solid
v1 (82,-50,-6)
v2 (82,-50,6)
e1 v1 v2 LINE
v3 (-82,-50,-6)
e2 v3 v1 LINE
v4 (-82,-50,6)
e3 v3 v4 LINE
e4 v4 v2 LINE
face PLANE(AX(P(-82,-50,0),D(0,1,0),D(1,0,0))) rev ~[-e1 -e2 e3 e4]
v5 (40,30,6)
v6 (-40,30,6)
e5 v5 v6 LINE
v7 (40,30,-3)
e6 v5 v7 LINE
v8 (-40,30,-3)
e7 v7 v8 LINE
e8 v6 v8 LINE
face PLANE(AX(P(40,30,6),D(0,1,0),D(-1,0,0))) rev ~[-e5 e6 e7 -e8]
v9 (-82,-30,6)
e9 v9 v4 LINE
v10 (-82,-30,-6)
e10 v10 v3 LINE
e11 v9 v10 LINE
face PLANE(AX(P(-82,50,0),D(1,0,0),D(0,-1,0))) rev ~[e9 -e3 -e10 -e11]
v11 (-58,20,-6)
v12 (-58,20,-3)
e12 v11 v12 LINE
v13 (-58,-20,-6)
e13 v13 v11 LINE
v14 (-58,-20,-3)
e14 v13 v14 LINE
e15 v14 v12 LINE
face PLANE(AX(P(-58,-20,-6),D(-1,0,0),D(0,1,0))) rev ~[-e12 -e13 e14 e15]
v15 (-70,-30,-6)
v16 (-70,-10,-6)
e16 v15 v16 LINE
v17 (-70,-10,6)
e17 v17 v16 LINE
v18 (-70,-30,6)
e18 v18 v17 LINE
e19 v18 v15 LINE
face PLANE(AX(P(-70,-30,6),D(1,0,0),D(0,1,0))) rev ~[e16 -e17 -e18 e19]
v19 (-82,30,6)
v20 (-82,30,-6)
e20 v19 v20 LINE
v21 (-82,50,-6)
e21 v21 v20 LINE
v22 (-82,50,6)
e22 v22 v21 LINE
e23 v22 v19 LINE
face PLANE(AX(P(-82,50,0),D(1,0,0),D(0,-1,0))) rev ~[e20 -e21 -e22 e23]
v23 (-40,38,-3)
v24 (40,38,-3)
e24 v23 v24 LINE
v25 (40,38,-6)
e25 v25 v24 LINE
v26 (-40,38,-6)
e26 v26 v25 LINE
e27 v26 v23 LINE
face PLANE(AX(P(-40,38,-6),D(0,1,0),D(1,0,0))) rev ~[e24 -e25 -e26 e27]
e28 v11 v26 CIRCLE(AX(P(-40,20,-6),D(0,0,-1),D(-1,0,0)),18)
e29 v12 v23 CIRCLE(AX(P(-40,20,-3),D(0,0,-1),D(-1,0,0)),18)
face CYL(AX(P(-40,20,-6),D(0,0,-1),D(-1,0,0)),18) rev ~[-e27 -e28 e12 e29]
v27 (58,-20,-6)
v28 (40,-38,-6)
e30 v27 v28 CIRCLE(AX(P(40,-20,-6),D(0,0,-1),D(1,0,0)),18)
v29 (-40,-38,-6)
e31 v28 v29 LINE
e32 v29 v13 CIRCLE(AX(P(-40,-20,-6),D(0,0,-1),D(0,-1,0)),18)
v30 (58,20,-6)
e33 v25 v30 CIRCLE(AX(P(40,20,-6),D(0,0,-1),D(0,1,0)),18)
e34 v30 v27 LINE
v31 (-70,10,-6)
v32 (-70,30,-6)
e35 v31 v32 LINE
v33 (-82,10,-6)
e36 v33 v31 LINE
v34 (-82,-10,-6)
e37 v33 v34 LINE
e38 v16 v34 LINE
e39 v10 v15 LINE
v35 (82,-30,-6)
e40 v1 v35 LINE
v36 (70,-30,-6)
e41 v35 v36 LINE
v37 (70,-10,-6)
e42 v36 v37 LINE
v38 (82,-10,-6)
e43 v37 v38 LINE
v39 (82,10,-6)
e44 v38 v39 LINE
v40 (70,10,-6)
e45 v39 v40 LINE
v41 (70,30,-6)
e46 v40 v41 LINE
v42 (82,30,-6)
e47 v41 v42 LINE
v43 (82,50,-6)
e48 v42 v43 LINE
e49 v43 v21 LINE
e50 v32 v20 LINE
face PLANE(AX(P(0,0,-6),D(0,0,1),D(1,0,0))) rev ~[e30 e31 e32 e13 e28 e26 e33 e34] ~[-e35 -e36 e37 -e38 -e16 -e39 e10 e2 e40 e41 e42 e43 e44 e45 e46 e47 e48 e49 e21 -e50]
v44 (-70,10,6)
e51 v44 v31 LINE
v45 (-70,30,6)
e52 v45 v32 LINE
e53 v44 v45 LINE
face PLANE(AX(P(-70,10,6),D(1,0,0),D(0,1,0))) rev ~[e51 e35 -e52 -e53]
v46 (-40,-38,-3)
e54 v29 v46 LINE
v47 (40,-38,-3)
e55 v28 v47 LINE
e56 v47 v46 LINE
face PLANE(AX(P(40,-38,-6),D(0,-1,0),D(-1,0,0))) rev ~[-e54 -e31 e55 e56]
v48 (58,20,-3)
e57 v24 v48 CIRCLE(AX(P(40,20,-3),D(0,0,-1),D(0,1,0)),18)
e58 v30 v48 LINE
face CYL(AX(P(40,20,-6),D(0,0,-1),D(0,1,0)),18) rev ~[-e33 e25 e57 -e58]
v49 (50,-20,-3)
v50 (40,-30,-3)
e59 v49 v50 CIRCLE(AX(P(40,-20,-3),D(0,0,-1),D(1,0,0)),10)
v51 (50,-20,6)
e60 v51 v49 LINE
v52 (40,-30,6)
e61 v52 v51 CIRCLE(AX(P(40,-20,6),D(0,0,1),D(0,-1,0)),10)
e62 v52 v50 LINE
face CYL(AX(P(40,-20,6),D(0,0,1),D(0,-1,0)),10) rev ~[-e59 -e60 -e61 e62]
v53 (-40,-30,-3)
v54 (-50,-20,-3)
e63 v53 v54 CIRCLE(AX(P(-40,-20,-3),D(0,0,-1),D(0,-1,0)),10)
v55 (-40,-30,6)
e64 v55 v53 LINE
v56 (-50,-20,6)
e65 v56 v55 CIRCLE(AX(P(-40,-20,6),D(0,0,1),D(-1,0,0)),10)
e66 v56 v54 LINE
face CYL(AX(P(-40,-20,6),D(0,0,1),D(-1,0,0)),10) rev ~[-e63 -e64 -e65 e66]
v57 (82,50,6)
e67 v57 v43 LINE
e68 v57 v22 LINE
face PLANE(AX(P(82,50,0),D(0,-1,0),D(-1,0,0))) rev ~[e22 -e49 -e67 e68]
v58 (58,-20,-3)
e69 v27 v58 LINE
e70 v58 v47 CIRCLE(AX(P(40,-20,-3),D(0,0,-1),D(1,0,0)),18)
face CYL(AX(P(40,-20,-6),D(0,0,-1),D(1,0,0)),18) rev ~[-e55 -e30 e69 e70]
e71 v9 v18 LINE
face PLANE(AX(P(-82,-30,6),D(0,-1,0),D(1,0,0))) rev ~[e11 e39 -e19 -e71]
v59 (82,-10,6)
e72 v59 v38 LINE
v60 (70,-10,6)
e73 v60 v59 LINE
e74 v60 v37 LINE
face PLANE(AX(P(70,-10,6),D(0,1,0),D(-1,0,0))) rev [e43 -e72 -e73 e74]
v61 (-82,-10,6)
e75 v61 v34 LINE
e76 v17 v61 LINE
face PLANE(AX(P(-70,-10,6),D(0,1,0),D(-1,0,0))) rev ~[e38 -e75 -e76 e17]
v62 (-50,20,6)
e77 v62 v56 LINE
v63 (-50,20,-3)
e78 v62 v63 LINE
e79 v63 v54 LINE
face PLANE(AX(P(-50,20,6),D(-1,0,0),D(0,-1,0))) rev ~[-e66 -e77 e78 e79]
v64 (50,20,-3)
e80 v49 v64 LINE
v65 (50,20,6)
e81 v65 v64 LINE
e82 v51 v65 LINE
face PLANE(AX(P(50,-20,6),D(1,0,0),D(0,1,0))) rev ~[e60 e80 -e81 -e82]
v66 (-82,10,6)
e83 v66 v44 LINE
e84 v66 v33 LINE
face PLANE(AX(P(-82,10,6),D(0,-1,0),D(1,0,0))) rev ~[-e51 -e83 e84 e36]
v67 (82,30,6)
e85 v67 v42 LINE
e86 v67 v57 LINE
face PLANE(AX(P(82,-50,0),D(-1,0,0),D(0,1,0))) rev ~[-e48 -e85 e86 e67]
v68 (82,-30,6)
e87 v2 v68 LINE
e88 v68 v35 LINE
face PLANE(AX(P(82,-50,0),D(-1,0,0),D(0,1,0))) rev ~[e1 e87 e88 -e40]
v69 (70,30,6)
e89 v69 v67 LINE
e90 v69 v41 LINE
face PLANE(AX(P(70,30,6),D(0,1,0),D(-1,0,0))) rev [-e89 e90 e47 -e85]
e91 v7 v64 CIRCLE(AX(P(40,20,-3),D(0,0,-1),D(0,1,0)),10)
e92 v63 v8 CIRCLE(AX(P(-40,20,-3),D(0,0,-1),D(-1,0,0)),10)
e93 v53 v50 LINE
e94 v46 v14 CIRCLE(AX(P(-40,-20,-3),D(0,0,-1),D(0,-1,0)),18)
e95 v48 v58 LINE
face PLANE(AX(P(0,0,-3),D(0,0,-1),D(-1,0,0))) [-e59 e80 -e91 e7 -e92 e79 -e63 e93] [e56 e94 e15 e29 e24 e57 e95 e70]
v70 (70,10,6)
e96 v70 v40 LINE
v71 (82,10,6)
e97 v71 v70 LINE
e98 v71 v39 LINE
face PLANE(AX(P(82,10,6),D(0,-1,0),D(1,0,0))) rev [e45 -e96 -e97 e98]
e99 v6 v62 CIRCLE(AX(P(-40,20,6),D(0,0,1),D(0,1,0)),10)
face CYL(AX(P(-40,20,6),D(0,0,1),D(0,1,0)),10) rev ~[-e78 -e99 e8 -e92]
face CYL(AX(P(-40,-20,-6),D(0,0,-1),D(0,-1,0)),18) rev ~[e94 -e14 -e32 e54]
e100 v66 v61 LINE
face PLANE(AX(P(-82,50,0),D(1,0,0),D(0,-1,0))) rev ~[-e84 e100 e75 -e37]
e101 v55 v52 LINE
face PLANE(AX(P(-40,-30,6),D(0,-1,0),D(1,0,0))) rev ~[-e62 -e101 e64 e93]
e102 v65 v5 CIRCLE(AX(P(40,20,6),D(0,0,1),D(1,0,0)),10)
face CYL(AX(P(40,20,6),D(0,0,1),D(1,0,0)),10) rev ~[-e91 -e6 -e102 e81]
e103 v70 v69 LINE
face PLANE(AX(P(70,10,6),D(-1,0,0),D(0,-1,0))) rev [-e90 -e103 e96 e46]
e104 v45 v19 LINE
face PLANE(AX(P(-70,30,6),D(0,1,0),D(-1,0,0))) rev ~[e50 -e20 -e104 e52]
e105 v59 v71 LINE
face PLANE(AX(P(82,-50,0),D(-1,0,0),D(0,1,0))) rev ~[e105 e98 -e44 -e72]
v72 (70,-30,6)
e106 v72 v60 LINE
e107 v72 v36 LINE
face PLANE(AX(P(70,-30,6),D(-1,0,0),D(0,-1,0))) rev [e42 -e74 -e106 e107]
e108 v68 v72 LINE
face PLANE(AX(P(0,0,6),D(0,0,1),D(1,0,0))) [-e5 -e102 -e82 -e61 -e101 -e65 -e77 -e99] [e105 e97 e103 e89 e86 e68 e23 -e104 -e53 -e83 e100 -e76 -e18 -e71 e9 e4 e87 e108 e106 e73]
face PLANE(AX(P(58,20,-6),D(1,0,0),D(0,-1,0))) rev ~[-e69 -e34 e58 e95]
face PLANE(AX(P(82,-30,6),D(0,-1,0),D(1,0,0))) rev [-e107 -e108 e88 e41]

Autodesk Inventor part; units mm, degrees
ref_plane "YZ Plane" through (0, 0, 0) normal (1, 0, 0) x (0, 1, 0)
ref_plane "XZ Plane" through (0, 0, 0) normal (0, 1, 0) x (-1, 0, 0)
ref_plane "XY Plane" through (0, 0, 0) normal (0, 0, 1) x (1, 0, 0)
sketch "Sketch1" plane through (0, 0, 0) normal (0, 0, 1) x (1, 0, 0)
  line L0 (-82, -50) -> (82, -50)
  line L1 (82, -50) -> (82, 50)
  line L2 (82, 50) -> (-82, 50)
  line L3 (-82, 50) -> (-82, -50)
  line L4 (-82, -50) -> (82, 50) construction
  line L5 (82, -50) -> (-82, 50) construction
  point P0 (0, 0)
  dimension "d0" = 164
  dimension "d1" = 100
extrude "Extrusion1" add sketch "Sketch1" along normal mid plane 12
sketch "Sketch2" plane through (0, 0, 6) normal (0, 0, 1) x (1, 0, 0)
  line L0 (-82, 50) -> (-82, -50) projected
  line L1 (-82, -30) -> (-70, -30)
  line L2 (-70, -30) -> (-70, -10)
  line L3 (-70, -10) -> (-82, -10)
  line L4 (-82, -10) -> (-82, -30)
  line L5 (-82, -50) -> (82, -50) projected
  line L6 (-82, 10) -> (-70, 10)
  line L7 (-70, 10) -> (-70, 30)
  line L8 (-70, 30) -> (-82, 30)
  line L9 (-82, 30) -> (-82, 10)
  point P0 (0, 0)
  dimension "d4" = 12
  dimension "d5" = 20
  dimension "d6" = 20
  dimension "d7" = 20
  dimension "d8" = 20
extrude "Extrusion2" cut sketch "Sketch2" against normal through all
mirror "Mirror1" about plane through (0, 0, 0) normal (1, 0, 0) of "Extrusion2"
sketch "Sketch3" plane through (0, 0, 6) normal (0, 0, 1) x (1, 0, 0)
  line L0 (-40, -30) -> (40, -30)
  line L1 (50, -20) -> (50, 20)
  line L2 (40, 30) -> (-40, 30)
  line L3 (-50, 20) -> (-50, -20)
  line L4 (-50, -30) -> (50, 30) construction
  line L5 (50, -30) -> (-50, 30) construction
  arc A0 (-40, 30) -> (-50, 20) centre (-40, 20) ccw
  arc A1 (50, 20) -> (40, 30) centre (40, 20) ccw
  arc A2 (40, -30) -> (50, -20) centre (40, -20) ccw
  arc A3 (-50, -20) -> (-40, -30) centre (-40, -20) ccw
  point P0 (0, 0)
  dimension "d11" = 100
  dimension "d12" = 60
  dimension "d13" = 10
  dimension "d14" = 10
extrude "Extrusion3" cut sketch "Sketch3" against normal through all
sketch "Sketch5" plane through (0, 0, -6) normal (0, 0, -1) x (-1, 0, 0)
  line L0 (-40, 30) -> (40, 30) projected
  arc A0 (-40, 30) -> (-50, 20) centre (-40, 20) ccw projected
  line L1 (-50, -20) -> (-50, 20) projected
  arc A1 (-50, -20) -> (-40, -30) centre (-40, -20) ccw projected
  line L2 (40, -30) -> (-40, -30) projected
  arc A2 (40, -30) -> (50, -20) centre (40, -20) ccw projected
  line L3 (50, 20) -> (50, -20) projected
  arc A3 (50, 20) -> (40, 30) centre (40, 20) ccw projected
  line L4 (40, 38) -> (-40, 38)
  arc A4 (-40, 38) -> (-58, 20) centre (-40, 20) ccw
  line L5 (-58, 20) -> (-58, -20)
  arc A5 (-58, -20) -> (-40, -38) centre (-40, -20) ccw
  line L6 (-40, -38) -> (40, -38)
  arc A6 (40, -38) -> (58, -20) centre (40, -20) ccw
  line L7 (58, -20) -> (58, 20)
  arc A7 (58, 20) -> (40, 38) centre (40, 20) ccw
  point P0 (0, 0)
  dimension "d17" = 8
extrude "Extrusion4" cut sketch "Sketch5" against normal blind 3
properties part number "FRONT V2" material "Wood (Cherry)"
